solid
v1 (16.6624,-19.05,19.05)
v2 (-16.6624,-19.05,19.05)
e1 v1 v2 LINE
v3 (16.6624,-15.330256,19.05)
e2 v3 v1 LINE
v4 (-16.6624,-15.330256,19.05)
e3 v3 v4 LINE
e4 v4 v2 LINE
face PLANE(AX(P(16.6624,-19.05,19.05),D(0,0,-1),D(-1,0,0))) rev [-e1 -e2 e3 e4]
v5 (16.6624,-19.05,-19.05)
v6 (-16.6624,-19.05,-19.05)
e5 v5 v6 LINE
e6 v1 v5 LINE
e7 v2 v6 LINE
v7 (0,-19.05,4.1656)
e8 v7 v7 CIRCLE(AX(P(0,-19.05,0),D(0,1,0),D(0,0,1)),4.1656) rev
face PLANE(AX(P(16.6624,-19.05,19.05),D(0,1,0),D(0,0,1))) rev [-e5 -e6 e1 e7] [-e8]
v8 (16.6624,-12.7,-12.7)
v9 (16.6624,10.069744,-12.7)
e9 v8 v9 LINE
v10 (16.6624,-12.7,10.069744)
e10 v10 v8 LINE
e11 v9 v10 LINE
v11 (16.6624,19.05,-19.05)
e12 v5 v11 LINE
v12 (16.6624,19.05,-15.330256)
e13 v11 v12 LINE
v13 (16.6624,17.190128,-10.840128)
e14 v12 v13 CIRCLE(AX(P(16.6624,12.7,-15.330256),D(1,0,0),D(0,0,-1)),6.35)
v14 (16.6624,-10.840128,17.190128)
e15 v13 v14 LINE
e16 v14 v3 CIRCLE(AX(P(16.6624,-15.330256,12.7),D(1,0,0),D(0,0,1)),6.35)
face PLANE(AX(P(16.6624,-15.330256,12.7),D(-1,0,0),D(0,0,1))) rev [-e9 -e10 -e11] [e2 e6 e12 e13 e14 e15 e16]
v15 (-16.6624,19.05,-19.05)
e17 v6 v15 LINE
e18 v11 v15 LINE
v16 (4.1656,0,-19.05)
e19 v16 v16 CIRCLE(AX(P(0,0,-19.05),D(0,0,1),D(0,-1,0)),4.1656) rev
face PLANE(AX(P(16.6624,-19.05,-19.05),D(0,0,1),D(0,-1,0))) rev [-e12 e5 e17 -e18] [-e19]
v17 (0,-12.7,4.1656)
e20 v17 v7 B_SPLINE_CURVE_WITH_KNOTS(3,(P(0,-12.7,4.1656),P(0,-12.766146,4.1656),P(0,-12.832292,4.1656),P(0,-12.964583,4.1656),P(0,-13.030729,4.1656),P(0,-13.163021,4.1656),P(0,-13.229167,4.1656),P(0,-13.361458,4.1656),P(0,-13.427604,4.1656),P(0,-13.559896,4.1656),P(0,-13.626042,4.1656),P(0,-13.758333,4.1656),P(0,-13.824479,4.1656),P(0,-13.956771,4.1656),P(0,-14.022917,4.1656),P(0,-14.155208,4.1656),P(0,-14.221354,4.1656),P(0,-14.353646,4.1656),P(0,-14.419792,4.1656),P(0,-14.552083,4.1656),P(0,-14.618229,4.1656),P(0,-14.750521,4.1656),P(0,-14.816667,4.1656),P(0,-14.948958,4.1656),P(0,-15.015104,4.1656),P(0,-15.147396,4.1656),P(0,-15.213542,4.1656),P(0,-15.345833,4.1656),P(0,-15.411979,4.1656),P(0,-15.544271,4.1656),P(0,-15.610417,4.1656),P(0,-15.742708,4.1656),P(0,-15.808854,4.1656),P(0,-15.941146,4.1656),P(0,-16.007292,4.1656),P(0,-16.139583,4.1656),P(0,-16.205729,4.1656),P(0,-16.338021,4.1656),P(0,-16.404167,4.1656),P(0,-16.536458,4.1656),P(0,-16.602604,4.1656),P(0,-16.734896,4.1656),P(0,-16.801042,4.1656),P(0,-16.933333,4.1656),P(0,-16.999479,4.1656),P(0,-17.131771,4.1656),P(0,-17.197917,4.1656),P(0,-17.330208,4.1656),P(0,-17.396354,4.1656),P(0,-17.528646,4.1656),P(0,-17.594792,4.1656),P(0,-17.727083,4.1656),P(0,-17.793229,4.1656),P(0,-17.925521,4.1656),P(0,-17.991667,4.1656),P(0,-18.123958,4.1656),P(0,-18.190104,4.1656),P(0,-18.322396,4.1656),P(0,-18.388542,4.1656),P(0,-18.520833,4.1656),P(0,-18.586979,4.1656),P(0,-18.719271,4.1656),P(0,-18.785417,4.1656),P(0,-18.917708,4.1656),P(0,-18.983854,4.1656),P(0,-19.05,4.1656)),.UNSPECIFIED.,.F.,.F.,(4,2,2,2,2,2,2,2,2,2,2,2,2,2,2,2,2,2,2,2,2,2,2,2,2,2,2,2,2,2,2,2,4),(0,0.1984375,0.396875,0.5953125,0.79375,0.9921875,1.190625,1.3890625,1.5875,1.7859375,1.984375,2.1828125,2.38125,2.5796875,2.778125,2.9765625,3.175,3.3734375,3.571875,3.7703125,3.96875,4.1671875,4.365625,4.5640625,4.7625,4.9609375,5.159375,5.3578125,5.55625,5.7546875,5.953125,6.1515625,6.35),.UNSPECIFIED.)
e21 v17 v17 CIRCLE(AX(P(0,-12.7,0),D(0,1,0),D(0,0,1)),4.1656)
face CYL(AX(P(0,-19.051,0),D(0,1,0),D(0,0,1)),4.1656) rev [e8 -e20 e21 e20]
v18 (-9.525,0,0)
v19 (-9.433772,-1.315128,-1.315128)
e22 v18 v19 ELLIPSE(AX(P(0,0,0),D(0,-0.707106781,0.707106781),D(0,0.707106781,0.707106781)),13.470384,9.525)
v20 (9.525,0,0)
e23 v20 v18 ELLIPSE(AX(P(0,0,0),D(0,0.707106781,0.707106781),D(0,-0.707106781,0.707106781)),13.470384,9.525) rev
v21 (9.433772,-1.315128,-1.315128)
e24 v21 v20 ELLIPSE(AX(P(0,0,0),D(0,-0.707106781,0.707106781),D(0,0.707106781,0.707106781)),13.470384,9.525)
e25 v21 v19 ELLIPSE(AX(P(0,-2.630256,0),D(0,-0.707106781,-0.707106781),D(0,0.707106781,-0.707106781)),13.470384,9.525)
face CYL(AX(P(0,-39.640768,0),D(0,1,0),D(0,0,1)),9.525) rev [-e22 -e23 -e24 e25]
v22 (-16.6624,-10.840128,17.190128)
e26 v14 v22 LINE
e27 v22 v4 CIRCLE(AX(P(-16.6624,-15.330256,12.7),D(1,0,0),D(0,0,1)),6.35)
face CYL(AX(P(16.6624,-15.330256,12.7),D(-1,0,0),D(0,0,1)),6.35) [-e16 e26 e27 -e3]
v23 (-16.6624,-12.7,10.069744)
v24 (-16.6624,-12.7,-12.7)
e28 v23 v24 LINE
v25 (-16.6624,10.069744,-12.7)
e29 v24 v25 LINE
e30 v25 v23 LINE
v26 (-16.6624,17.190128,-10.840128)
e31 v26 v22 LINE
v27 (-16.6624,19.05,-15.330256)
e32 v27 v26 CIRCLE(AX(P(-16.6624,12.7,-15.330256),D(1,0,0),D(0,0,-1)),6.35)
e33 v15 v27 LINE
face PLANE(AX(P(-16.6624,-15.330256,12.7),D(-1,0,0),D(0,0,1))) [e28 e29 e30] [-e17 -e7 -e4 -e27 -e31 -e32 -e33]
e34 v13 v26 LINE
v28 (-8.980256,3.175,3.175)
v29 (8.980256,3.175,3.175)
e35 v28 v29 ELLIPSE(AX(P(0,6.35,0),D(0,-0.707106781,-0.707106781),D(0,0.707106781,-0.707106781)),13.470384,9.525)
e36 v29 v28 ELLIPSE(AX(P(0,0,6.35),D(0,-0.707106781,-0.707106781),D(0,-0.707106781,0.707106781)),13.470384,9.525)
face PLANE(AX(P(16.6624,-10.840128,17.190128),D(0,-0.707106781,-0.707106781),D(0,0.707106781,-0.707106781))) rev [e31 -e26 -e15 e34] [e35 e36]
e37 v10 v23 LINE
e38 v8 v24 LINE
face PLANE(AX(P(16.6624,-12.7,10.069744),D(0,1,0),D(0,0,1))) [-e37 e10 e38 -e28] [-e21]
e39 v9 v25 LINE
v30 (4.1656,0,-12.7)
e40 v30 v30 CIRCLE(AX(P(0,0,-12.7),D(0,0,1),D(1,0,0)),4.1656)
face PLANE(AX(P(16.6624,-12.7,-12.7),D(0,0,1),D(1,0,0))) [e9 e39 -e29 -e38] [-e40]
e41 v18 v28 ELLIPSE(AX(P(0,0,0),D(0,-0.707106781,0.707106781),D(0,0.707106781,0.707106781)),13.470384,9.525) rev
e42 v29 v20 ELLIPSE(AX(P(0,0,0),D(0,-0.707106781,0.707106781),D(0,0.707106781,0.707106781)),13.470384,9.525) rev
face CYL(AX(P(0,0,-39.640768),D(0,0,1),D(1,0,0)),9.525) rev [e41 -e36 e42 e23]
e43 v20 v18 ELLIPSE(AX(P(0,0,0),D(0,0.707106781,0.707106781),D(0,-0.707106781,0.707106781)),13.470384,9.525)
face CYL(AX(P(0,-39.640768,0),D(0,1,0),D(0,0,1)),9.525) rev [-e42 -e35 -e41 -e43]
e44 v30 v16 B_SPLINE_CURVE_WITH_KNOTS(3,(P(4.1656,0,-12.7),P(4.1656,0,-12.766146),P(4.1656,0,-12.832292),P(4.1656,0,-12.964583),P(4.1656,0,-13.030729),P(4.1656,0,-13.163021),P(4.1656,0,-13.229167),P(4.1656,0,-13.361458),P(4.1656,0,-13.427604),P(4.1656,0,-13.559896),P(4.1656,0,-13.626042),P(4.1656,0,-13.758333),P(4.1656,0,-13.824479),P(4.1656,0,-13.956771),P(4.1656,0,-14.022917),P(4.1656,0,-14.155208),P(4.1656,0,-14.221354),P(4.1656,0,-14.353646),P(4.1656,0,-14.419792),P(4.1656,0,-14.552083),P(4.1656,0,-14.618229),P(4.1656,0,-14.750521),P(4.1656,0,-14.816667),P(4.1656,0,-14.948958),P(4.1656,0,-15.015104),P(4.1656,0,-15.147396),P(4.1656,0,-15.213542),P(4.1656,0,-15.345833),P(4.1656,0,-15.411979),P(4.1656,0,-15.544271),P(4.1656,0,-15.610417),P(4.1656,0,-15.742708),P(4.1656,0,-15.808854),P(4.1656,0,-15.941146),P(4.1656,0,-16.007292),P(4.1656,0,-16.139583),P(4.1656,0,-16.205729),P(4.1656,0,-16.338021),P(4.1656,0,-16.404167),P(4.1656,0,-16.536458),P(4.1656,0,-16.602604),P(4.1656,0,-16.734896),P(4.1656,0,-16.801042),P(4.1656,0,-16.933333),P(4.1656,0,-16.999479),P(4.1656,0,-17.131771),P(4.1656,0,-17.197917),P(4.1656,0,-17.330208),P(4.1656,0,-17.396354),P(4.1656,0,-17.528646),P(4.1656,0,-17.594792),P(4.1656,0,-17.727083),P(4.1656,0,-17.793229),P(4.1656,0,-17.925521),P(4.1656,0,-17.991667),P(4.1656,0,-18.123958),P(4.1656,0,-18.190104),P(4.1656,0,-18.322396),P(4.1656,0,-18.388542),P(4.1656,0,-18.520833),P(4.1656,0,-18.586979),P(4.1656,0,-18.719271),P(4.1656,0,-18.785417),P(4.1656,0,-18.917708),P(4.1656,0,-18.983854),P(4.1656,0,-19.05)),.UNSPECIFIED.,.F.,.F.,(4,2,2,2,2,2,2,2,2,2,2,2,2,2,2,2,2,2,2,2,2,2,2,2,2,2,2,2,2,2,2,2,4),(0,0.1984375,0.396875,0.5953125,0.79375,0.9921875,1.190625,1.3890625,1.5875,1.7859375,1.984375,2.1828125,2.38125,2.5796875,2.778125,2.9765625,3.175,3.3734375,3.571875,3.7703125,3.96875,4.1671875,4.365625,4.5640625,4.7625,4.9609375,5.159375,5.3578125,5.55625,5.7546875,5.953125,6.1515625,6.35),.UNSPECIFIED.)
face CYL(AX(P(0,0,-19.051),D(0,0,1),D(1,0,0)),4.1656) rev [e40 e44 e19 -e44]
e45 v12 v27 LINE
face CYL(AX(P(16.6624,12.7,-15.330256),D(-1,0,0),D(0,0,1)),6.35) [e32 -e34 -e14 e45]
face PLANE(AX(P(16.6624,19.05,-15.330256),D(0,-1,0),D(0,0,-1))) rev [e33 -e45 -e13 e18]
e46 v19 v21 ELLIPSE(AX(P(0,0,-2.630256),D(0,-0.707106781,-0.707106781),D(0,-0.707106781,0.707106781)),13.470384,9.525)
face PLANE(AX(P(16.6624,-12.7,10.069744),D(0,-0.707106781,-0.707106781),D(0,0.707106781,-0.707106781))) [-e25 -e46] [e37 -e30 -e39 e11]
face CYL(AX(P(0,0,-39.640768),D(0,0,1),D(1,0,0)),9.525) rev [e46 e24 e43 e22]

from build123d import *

# Parameters (mm, degrees)
BOSS_EXTRUDE1_DEPTH = 16.6624
CUT_EXTRUDE1_REACH  = 42.603
SKETCH5_R           = 4.1656
CUT_EXTRUDE2_REACH  = 42.603
SKETCH6_R           = 4.1656
CUT_EXTRUDE9_REACH  = 47.74
SKETCH27_R          = 9.525
CUT_EXTRUDE10_REACH = 47.74
SKETCH28_R          = 9.525


with BuildPart() as part:
    # Sketch4 → Boss-Extrude1 (new, symmetric)
    with BuildSketch(Plane(origin=(0, 0, 0), x_dir=(0, 0, -1), z_dir=(1, 0, 0))):
        with BuildLine():
            Line((-19.05, -19.05), (19.05, -19.05))
            Line((19.05, -19.05), (19.05, 19.05))
            Line((19.05, 19.05), (15.330256, 19.05))
            ThreePointArc((15.330256, 19.05), (12.900216, 18.566635), (10.840128, 17.190128))
            Line((10.840128, 17.190128), (-17.190128, -10.840128))
            ThreePointArc((-17.190128, -10.840128), (-18.566635, -12.900216), (-19.05, -15.330256))
            Line((-19.05, -15.330256), (-19.05, -19.05))
        make_face()
        Polygon((-10.069744, -12.7), (12.7, -12.7), (12.7, 10.069744), align=None, mode=Mode.SUBTRACT)
    extrude(amount=BOSS_EXTRUDE1_DEPTH, both=True)

    # Sketch5 → Cut-Extrude1 (cut, up to next)
    with BuildSketch(Plane(origin=(0, -12.7, 0), x_dir=(1, 0, 0), z_dir=(0, 1, 0)), mode=Mode.PRIVATE) as cut_extrude1_sk1:
        with Locations(Location((0, 0, 0), (0, 0, 270))):
            Circle(SKETCH5_R)
    cut_extrude1_tool1 = extrude(cut_extrude1_sk1.sketch, amount=-CUT_EXTRUDE1_REACH, mode=Mode.PRIVATE) & part.part
    add(cut_extrude1_tool1.solids().sort_by_distance((0, -12.7, 0))[0], mode=Mode.SUBTRACT)

    # Sketch6 → Cut-Extrude2 (cut, up to next)
    with BuildSketch(Plane.XY.offset(-12.7), mode=Mode.PRIVATE) as cut_extrude2_sk1:
        Circle(SKETCH6_R)
    cut_extrude2_tool1 = extrude(cut_extrude2_sk1.sketch, amount=-CUT_EXTRUDE2_REACH, mode=Mode.PRIVATE) & part.part
    add(cut_extrude2_tool1.solids().sort_by_distance((0, 0, -12.7))[0], mode=Mode.SUBTRACT)

    # Cut-Extrude9: up to this plane
    cut_extrude9_end = Plane(origin=(16.6624, -12.7, 10.069744), z_dir=(0, -0.7071067811865474, -0.7071067811865477))
    # Sketch27 → Cut-Extrude9 (cut, up to the surface)
    with BuildSketch(Plane.XY.offset(19.05), mode=Mode.PRIVATE) as cut_extrude9_sk1:
        with Locations(Location((0, 0, 0), (0, 0, 270))):
            Circle(SKETCH27_R)
    cut_extrude9_tool1 = split(extrude(cut_extrude9_sk1.sketch, amount=-CUT_EXTRUDE9_REACH, mode=Mode.PRIVATE), bisect_by=cut_extrude9_end, keep=Keep.BOTH, mode=Mode.PRIVATE)
    add(cut_extrude9_tool1.solids().sort_by_distance((0, 0, 19.05))[0], mode=Mode.SUBTRACT)

    # Cut-Extrude10: up to this face of the body (flat: up to its plane)
    cut_extrude10_end = Plane(part.part.faces().sort_by_distance((-16.258791, -12.7, -1.315128))[0])
    # Sketch28 → Cut-Extrude10 (cut, up to the picked face)
    with BuildSketch(Plane(origin=(0, 19.05, 0), x_dir=(1, 0, 0), z_dir=(0, 1, 0)), mode=Mode.PRIVATE) as cut_extrude10_sk1:
        Circle(SKETCH28_R)
    cut_extrude10_tool1 = split(extrude(cut_extrude10_sk1.sketch, amount=-CUT_EXTRUDE10_REACH, mode=Mode.PRIVATE), bisect_by=cut_extrude10_end, keep=Keep.BOTH, mode=Mode.PRIVATE)
    add(cut_extrude10_tool1.solids().sort_by(Axis((0, 19.05, 0), (0, -1, 0)))[0], mode=Mode.SUBTRACT)


solid = part.part
